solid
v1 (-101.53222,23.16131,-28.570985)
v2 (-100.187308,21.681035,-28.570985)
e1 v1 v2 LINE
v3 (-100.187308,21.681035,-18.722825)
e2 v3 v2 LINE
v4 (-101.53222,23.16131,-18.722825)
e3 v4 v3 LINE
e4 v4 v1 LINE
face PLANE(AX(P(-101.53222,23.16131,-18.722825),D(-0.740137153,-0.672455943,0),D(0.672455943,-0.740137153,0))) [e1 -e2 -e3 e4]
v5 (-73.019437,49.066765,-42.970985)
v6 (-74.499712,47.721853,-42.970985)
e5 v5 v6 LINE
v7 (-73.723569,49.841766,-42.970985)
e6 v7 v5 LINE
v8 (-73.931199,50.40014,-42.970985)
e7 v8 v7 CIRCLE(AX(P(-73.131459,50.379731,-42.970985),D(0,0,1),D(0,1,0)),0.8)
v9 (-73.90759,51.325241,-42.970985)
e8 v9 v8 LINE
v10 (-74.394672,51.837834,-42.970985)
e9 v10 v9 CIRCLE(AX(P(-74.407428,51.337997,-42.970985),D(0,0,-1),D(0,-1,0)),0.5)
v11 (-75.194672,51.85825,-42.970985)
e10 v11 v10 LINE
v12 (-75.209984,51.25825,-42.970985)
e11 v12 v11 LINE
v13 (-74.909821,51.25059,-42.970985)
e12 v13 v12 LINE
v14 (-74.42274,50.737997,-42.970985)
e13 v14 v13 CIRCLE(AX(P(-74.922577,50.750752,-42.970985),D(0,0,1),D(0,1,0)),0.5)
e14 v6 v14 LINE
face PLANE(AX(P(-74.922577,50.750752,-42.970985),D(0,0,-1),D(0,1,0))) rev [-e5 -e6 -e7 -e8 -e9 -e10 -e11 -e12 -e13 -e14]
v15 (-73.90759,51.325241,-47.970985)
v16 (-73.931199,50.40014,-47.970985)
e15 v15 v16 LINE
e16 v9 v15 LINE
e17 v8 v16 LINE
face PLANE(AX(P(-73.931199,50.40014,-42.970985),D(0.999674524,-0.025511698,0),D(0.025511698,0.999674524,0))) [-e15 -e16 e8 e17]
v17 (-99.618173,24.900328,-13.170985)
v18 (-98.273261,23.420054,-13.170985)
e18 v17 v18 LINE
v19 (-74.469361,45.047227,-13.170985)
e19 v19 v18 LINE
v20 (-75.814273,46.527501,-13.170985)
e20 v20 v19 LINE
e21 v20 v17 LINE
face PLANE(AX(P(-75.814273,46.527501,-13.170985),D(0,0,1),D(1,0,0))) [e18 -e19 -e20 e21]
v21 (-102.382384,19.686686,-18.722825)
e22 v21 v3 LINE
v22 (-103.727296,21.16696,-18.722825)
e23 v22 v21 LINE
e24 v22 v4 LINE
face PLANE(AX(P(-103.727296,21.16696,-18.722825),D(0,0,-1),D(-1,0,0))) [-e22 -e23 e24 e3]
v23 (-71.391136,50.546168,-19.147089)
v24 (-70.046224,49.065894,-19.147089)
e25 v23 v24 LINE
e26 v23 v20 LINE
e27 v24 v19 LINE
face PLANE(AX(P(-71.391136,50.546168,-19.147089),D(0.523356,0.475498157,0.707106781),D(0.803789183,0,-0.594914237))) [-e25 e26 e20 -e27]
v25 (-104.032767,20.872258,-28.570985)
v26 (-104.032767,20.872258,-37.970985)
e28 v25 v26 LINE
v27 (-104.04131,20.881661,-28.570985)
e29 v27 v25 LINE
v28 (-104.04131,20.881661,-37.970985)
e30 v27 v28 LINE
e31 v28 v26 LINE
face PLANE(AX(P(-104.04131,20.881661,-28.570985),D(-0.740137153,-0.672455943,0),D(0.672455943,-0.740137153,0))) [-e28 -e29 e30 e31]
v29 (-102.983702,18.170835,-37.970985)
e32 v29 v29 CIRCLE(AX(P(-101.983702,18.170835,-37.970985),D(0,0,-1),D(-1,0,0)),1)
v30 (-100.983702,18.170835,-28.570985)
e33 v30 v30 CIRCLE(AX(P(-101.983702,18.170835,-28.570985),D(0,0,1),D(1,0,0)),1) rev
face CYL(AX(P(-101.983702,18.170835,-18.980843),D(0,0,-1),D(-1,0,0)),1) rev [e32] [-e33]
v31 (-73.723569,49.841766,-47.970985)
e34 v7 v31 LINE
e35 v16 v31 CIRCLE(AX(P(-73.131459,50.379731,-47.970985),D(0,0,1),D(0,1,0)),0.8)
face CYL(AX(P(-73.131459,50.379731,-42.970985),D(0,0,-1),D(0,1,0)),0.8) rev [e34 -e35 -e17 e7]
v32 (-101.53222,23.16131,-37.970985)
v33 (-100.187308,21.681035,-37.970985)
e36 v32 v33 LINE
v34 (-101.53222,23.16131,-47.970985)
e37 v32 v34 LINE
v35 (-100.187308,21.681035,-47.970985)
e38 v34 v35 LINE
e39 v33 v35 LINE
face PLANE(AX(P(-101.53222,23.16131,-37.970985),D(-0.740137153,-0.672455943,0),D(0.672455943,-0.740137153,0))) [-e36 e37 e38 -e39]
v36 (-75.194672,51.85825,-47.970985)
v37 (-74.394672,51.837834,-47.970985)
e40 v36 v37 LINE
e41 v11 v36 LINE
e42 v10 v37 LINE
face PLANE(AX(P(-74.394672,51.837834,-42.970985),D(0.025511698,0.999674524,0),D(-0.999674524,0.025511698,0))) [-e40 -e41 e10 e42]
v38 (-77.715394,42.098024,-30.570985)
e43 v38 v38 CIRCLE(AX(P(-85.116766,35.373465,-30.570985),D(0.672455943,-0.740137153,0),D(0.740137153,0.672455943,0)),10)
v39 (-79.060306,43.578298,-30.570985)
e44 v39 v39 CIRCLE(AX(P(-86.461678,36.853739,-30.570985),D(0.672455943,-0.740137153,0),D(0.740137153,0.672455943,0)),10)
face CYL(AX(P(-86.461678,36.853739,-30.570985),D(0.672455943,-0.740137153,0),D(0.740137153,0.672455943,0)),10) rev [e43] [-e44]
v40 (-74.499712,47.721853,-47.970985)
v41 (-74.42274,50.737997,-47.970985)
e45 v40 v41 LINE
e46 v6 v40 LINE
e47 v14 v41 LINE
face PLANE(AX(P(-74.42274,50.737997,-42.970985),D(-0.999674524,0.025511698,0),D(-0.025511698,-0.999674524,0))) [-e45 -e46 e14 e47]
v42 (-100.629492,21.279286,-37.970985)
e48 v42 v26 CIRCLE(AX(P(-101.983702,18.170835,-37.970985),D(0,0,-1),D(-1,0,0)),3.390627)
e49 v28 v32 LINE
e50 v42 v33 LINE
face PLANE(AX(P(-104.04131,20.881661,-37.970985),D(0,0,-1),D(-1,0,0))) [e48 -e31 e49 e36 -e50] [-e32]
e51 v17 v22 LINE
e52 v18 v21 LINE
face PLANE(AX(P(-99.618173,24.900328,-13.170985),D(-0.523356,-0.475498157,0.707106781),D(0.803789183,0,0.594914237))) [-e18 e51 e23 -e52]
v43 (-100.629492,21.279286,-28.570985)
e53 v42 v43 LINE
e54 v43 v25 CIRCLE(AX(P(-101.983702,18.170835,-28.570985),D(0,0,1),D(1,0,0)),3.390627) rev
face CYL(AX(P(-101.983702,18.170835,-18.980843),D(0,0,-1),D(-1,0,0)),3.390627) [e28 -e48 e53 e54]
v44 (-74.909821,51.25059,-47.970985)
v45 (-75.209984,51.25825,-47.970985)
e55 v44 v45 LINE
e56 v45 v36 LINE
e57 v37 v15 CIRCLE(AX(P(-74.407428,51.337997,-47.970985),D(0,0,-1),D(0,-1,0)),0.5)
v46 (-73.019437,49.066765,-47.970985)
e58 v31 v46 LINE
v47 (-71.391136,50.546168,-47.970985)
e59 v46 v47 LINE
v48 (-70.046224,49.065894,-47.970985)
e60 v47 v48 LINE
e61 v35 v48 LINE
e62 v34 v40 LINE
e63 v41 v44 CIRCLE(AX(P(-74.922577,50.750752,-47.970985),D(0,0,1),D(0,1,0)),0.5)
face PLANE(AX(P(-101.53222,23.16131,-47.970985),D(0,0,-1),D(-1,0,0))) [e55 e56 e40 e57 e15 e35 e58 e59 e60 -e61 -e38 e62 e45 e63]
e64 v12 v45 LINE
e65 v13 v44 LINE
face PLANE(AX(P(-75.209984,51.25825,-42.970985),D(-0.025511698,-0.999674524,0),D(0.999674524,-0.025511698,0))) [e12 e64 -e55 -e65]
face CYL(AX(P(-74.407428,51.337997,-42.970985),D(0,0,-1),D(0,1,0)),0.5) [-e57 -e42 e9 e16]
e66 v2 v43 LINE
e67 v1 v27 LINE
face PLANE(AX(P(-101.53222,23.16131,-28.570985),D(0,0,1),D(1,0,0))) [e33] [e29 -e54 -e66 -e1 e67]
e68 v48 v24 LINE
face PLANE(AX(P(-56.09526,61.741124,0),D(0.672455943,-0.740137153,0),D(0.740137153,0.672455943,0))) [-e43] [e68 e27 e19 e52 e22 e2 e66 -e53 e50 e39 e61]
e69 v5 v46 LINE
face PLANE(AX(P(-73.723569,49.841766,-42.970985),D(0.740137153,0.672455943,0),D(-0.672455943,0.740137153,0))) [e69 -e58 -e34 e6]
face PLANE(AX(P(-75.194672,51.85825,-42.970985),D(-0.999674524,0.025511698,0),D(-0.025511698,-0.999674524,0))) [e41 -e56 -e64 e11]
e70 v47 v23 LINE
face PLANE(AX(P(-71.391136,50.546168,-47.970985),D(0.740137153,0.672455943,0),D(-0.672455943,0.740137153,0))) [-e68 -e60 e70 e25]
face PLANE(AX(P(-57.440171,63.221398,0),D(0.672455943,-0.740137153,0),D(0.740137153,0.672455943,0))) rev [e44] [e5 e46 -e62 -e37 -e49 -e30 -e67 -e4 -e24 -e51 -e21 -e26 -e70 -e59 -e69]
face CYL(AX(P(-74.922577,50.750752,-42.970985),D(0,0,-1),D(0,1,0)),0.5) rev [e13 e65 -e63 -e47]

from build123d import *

# Parameters (mm, degrees)
BOSS_EXTRU_1_DEPTH      = 2
ESQUISSE2_R             = 3.390627372
ESQUISSE2_R_2           = 1
BOSS_EXTRU_2_DEPTH      = 9.4
ESQUISSE3_R             = 10
ENL_V_MAT_EXTRU_1_DEPTH = 2
BOSS_EXTRU_4_DEPTH      = 5


with BuildPart() as part:
    # Esquisse1 → Boss.-Extru.1 (new body)
    with BuildSketch(Plane(origin=(-56.095259607, 61.741123985, 0), x_dir=(0, 0, 1), z_dir=(0.6724559427452335, -0.7401371528754785, 0))):
        Polygon((-13.170985067, 24.825265138), (-13.170985067, 56.986737001), (-18.722825356, 62.53857729), (-18.722825356, 59.57280759), (-28.570985067, 59.57280759), (-28.570985067, 62.962841359), (-37.970985067, 62.962841359), (-37.970985067, 59.57280759), (-47.970985067, 59.57280759), (-47.970985067, 18.84916078), (-19.147089425, 18.84916078), align=None)
    extrude(amount=-BOSS_EXTRU_1_DEPTH)

    # Esquisse2 → Boss.-Extru.2 (add)
    with BuildSketch(Plane(origin=(0, 0, -37.970985067), x_dir=(-1, 0, 0), z_dir=(0, 0, -1))):
        with Locations((101.983702424, 18.170834722)):
            Circle(ESQUISSE2_R)
        with Locations((101.983702424, 18.170834722)):
            Circle(ESQUISSE2_R_2, mode=Mode.SUBTRACT)
    extrude(amount=-BOSS_EXTRU_2_DEPTH)

    # Esquisse3 → Enlèv. mat.-Extru.1 (cut)
    with BuildSketch(Plane(origin=(-56.095259607, 61.741123985, 0), x_dir=(0, 0, -1), z_dir=(0.6724559427452331, -0.7401371528754788, 0))):
        with Locations(Location((30.570985067, -39.210984185, 0), (0, 0, 90))):
            Circle(ESQUISSE3_R)
    extrude(amount=-ENL_V_MAT_EXTRU_1_DEPTH, mode=Mode.SUBTRACT)

    # Esquisse4 → Boss.-Extru.4 (add)
    with BuildSketch(Plane(origin=(0, 0, -47.970985067), x_dir=(-1, 0, 0), z_dir=(0, 0, -1))):
        with BuildLine():
            Line((73.931199041, 50.400140176), (73.907590469, 51.325240797))
            ThreePointArc((73.907590469, 51.325240797), (74.044969666, 51.682415216), (74.394671882, 51.837833908))
            Line((74.394671882, 51.837833908), (75.194671882, 51.858249912))
            Line((75.194671882, 51.858249912), (75.209983884, 51.258249912))
            Line((75.209983884, 51.258249912), (74.909821146, 51.250589757))
            ThreePointArc((74.909821146, 51.250589757), (74.560118931, 51.095171065), (74.422739734, 50.737996646))
            Line((74.422739734, 50.737996646), (74.499711728, 47.721853148))
            Line((74.499711728, 47.721853148), (73.019437422, 49.066765034))
            Line((73.019437422, 49.066765034), (73.723569144, 49.841766063))
            ThreePointArc((73.723569144, 49.841766063), (73.881297111, 50.10090571), (73.931199041, 50.400140176))
        make_face()
    extrude(amount=-BOSS_EXTRU_4_DEPTH)


solid = part.part
